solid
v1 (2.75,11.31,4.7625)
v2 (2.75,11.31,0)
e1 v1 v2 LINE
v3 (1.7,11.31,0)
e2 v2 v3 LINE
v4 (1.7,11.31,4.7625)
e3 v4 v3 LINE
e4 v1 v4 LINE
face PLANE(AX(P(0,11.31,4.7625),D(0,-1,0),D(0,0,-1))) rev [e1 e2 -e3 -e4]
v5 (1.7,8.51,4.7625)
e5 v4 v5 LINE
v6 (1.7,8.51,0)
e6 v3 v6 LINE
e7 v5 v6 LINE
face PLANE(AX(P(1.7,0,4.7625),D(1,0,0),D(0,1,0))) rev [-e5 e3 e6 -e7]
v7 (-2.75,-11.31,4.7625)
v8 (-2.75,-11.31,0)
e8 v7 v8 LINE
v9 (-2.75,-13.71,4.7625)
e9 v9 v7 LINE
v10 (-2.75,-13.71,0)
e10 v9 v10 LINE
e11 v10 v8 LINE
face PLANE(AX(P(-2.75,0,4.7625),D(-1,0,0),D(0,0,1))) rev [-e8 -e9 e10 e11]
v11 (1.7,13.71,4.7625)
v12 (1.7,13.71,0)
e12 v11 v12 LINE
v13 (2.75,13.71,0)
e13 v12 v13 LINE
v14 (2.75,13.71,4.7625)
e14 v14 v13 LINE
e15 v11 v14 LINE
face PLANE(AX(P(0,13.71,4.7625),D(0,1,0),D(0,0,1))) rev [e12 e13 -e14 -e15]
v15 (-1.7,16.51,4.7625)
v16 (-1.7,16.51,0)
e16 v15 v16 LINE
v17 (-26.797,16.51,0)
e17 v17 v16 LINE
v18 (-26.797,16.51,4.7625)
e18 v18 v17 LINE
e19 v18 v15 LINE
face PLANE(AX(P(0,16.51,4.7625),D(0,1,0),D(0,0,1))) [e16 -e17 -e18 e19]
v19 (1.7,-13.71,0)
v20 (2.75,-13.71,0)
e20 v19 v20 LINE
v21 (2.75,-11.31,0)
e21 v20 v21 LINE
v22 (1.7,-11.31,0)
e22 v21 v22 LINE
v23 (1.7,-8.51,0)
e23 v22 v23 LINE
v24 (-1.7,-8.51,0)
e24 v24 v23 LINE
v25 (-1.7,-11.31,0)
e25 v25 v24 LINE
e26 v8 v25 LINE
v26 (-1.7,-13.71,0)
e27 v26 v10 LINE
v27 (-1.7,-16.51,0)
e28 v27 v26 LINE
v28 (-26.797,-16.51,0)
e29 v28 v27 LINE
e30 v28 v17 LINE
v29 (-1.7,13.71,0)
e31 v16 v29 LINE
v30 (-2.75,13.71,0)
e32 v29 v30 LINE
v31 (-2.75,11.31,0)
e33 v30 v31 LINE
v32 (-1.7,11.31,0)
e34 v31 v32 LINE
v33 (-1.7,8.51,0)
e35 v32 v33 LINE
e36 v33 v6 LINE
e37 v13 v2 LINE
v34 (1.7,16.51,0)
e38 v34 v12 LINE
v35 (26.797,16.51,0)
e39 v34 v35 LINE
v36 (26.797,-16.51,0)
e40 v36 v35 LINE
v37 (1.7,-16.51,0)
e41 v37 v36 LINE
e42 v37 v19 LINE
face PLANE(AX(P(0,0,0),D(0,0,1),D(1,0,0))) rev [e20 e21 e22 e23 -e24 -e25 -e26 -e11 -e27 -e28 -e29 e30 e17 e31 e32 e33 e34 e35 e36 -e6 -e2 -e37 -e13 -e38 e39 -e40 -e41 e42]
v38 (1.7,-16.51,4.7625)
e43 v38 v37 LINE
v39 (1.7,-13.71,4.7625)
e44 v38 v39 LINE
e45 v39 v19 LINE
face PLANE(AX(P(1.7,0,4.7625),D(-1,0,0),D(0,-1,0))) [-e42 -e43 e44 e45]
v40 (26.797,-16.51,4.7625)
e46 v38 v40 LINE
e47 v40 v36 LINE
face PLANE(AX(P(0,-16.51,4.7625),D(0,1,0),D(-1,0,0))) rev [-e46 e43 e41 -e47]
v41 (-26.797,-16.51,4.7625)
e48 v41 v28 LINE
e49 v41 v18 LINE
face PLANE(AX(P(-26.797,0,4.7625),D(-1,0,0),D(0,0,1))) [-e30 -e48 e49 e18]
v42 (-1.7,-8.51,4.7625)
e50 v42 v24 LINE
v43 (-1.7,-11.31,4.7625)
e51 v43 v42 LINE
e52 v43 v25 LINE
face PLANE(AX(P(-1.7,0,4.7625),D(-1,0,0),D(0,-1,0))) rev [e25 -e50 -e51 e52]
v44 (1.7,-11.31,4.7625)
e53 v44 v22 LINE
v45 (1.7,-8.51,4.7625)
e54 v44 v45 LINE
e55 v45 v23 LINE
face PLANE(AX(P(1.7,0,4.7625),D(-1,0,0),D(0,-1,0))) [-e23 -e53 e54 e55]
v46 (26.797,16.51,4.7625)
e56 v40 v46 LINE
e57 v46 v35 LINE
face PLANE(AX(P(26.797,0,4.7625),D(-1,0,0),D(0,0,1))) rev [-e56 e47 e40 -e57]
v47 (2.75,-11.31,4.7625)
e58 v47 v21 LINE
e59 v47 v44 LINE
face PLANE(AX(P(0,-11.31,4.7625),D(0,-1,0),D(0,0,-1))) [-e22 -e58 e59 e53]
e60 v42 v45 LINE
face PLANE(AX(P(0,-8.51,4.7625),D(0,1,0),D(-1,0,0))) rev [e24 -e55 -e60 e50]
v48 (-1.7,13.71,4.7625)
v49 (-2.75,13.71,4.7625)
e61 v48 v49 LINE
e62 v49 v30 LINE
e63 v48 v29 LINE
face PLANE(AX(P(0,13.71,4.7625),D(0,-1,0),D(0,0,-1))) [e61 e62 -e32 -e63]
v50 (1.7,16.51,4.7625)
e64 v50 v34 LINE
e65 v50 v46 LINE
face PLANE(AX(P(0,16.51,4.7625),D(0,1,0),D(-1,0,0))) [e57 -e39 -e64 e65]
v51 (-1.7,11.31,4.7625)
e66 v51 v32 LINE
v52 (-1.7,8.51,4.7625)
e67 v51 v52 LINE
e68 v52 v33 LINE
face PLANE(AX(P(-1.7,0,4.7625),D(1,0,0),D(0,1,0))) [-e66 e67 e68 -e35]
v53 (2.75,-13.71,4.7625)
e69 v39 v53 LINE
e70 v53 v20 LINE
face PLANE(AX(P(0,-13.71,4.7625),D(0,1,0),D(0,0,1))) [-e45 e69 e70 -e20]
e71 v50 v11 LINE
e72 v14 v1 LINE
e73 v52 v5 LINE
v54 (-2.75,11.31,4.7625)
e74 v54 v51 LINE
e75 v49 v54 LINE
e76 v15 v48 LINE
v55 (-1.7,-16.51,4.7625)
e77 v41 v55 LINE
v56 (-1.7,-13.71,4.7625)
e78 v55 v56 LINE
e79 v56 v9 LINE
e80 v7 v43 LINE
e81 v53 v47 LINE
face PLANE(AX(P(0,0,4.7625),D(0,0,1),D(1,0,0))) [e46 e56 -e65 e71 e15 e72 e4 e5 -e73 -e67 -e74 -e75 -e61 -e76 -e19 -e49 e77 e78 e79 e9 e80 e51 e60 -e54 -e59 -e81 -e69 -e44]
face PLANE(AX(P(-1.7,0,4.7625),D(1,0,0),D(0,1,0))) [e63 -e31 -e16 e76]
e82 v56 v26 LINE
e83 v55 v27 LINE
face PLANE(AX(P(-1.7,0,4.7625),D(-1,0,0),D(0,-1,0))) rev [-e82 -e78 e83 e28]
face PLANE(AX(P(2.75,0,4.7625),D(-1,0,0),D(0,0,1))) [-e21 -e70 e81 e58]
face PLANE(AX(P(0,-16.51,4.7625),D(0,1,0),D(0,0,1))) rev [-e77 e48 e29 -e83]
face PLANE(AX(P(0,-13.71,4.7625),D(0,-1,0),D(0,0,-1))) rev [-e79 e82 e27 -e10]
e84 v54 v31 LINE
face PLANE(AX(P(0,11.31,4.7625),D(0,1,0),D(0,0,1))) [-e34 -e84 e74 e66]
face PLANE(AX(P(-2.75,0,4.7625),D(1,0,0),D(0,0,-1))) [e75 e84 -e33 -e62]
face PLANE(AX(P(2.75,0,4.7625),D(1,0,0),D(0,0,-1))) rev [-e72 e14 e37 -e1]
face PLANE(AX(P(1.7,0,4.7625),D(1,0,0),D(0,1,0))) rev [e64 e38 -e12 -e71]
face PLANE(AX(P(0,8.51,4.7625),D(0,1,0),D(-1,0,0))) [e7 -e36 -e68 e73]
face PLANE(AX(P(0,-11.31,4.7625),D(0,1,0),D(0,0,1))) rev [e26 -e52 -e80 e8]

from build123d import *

# Parameters (mm, degrees)
BOSS_EXTRUDE1_DEPTH = 4.7625


with BuildPart() as part:
    # Sketch1 → Boss-Extrude1 (new body)
    with BuildSketch(Plane.XY):
        Polygon((1.7, -16.51), (1.7, -13.71), (2.75, -13.71), (2.75, -11.31), (1.7, -11.31), (1.7, -8.51), (-1.7, -8.51), (-1.7, -11.31), (-2.75, -11.31), (-2.75, -13.71), (-1.7, -13.71), (-1.7, -16.51), (-26.797, -16.51), (-26.797, 16.51), (-1.7, 16.51), (-1.7, 13.71), (-2.75, 13.71), (-2.75, 11.31), (-1.7, 11.31), (-1.7, 8.51), (1.7, 8.51), (1.7, 11.31), (2.75, 11.31), (2.75, 13.71), (1.7, 13.71), (1.7, 16.51), (26.797, 16.51), (26.797, -16.51), align=None)
    extrude(amount=BOSS_EXTRUDE1_DEPTH)


solid = part.part
